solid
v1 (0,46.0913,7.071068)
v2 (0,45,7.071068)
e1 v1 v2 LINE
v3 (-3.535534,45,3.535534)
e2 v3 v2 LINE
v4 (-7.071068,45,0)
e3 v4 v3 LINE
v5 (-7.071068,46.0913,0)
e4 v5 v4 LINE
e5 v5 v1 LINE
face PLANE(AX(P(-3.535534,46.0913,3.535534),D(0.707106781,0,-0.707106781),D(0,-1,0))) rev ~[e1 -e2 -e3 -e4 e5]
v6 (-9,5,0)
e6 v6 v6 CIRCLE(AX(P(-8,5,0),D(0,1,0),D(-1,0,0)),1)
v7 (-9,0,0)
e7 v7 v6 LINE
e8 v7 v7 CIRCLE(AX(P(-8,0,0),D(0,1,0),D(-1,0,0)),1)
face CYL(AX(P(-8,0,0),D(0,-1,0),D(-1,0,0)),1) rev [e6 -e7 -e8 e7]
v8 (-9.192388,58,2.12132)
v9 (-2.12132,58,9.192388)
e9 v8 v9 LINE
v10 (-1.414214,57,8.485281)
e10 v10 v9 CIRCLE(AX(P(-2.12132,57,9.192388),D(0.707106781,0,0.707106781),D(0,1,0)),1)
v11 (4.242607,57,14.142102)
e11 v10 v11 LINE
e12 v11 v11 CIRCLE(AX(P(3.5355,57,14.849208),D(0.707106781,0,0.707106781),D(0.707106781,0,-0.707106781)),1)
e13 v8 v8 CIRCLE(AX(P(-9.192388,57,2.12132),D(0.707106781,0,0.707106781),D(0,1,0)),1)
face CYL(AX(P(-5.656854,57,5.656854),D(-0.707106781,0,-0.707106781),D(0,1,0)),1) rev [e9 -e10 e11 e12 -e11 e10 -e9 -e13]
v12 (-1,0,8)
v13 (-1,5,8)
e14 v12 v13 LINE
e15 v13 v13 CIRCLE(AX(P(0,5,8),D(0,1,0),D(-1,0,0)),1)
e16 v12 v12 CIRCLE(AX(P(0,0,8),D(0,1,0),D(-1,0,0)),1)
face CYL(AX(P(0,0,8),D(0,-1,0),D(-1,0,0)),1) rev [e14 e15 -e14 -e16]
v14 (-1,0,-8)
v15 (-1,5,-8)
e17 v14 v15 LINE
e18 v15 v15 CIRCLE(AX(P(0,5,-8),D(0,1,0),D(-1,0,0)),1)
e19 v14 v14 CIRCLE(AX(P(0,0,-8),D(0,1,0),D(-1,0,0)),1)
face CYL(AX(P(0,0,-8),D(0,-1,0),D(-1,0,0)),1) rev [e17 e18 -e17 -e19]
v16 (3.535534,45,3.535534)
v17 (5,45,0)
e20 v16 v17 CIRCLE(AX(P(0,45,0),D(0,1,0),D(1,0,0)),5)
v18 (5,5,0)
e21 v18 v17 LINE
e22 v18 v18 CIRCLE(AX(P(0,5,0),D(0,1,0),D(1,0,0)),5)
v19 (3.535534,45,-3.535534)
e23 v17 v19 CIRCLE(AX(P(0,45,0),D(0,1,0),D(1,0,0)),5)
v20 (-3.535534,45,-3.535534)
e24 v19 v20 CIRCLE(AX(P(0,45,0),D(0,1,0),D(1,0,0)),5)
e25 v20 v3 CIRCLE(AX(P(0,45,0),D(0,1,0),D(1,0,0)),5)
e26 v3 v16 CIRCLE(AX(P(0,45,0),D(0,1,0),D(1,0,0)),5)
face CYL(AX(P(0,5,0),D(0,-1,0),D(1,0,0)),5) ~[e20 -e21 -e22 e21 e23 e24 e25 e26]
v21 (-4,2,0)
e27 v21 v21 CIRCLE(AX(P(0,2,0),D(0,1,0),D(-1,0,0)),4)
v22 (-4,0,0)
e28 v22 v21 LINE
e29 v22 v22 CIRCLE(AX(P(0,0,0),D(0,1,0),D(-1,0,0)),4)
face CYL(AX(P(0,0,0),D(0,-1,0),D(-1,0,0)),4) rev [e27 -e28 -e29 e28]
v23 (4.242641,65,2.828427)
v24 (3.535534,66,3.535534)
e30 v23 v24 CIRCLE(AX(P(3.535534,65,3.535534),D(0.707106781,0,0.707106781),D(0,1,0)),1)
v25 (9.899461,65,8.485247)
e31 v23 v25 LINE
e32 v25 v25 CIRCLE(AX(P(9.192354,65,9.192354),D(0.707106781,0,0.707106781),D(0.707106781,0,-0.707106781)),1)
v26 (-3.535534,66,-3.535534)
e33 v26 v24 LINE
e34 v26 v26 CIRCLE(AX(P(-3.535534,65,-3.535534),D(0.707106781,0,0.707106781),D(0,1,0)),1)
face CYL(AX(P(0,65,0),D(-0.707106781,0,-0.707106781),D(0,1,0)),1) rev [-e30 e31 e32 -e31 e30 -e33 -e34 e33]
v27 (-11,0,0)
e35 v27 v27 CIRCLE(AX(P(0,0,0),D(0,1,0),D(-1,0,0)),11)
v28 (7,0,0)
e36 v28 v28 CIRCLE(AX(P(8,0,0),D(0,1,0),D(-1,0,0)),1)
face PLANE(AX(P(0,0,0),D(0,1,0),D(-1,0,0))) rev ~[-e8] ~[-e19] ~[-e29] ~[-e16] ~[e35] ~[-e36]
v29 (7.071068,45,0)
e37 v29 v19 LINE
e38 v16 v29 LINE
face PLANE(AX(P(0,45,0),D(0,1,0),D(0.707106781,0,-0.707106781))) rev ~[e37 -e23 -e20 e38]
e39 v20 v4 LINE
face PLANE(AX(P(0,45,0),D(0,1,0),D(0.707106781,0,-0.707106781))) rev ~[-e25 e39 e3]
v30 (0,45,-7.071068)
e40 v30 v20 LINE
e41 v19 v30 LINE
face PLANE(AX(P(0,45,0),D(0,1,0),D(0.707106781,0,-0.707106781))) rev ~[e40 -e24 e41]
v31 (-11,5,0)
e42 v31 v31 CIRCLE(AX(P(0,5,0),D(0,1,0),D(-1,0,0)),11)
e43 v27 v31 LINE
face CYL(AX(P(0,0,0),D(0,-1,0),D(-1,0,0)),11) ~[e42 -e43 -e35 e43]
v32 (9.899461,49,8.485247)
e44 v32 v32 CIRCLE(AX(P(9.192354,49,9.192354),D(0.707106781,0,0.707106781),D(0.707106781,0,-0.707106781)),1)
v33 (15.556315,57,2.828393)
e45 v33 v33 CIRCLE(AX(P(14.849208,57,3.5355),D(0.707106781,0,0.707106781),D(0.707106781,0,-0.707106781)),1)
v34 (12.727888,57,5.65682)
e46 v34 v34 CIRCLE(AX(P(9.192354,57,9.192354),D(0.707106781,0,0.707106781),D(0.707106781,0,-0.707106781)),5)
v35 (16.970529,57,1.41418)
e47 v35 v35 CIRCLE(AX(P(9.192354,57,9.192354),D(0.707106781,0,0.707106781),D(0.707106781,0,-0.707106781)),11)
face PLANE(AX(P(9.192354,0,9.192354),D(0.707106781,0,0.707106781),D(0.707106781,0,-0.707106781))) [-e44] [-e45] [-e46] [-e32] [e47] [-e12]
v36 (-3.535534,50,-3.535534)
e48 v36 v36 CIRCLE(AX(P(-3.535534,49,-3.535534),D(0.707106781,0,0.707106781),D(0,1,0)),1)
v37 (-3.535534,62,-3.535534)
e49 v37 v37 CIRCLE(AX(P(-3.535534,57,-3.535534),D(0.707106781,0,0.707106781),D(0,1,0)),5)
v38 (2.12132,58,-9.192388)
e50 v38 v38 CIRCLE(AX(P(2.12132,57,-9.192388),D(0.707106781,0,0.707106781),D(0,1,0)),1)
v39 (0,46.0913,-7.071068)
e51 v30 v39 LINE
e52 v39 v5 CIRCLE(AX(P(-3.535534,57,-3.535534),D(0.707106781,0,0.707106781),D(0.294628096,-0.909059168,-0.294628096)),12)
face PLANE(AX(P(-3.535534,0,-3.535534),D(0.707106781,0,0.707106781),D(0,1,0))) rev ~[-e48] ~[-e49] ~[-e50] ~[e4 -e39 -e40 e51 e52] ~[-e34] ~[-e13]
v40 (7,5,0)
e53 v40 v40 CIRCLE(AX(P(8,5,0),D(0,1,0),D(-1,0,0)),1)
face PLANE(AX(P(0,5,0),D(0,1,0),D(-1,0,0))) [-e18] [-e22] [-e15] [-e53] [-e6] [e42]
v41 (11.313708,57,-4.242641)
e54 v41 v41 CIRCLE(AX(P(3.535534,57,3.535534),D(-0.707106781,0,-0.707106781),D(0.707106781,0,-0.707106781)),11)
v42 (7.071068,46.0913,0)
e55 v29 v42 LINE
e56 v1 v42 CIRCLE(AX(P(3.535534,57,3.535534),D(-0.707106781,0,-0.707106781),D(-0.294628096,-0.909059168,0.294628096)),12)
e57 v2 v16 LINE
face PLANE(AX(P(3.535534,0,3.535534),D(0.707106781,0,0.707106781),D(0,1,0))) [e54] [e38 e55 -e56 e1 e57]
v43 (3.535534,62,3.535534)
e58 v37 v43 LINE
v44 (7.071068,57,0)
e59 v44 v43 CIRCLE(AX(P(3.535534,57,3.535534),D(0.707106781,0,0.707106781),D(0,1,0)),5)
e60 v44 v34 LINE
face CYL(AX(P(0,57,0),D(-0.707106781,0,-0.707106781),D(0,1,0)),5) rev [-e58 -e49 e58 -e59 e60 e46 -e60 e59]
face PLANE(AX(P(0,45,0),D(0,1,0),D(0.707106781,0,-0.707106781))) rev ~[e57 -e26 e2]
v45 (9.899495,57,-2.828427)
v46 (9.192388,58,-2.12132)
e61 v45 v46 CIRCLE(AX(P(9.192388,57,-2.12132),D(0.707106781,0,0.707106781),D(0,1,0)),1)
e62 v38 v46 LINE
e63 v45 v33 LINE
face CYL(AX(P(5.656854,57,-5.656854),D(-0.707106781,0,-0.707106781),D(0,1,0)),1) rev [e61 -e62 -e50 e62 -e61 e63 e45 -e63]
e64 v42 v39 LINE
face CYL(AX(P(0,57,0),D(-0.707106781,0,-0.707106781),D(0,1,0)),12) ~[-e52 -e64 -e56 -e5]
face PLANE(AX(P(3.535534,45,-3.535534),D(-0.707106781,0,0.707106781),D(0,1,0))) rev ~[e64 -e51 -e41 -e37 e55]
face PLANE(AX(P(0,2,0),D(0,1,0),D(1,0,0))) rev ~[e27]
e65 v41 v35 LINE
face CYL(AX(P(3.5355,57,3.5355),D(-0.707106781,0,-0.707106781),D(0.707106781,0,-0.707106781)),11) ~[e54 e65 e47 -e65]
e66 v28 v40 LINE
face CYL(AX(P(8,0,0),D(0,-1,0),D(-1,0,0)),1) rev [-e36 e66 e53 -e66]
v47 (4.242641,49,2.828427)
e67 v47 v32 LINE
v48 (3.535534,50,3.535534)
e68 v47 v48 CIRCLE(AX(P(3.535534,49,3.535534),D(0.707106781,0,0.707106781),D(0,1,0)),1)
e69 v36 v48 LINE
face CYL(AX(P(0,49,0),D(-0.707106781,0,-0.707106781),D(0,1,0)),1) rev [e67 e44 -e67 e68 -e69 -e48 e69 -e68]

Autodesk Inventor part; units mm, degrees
ref_plane "YZ Plane" through (0, 0, 0) normal (1, 0, 0) x (0, 1, 0)
ref_plane "XZ Plane" through (0, 0, 0) normal (0, 1, 0) x (-1, 0, 0)
sketch "Esquisse1" plane through (0, 0, 0) normal (0, 1, 0) x (-1, 0, 0)
  circle A0 centre (0, 0) radius 11
  line L0 (0, 0) -> (-8, 0) construction
  circle A1 centre (-8, 0) radius 1
  circle A2 centre (0, -8) radius 1
  circle A3 centre (8, 0) radius 1
  circle A4 centre (0, 8) radius 1
  circle A5 centre (0, 0) radius 4
  dimension "d0" = 22
  dimension "d1" = 8
  dimension "d2" = 2
  dimension "d5" = 360
  dimension "d7" = 8
extrude "Extrusion1" add sketch "Esquisse1" along normal blind 5
sketch "Esquisse2" plane through (0, 5, 0) normal (0, 1, 0) x (1, 0, 0)
  circle A0 centre (0, 0) radius 4 projected
extrude "Extrusion2" add sketch "Esquisse2" against normal blind 3
sketch "Esquisse3" plane through (0, 5, 0) normal (0, 1, 0) x (1, 0, 0)
  circle A0 centre (0, 0) radius 11 projected
  circle A1 centre (0, 0) radius 5
  dimension "d12" = 10
extrude "Extrusion3" add sketch "Esquisse3" along normal blind 40 contours A1
ref_plane "Plan de construction1" through (0, 0, 0) normal (0.7071, 0, 0.7071) x (0, 1, 0)
sketch "Esquisse4" plane through (0, 0, 0) normal (0.7071, 0, 0.7071) x (0, 1, 0)
  line L0 (0, 0) -> (5, 0) construction
  line L1 (5, 0) -> (5, -5) construction
  line L2 (5, 0) -> (5, 5)
  line L3 (5, 0) -> (5, -5)
  line L4 (0, 0) -> (45, 0) construction
  line L5 (45, 0) -> (57, 0) construction
  circle A0 centre (57, 0) radius 12
  circle A1 centre (57, 0) radius 8 construction
  line L6 (0, 0) -> (45, 0) construction
  line L7 (45, 0) -> (57, 0) construction
  circle A2 centre (65, 0) radius 1
  circle A3 centre (57, 8) radius 1
  circle A4 centre (49, 0) radius 1
  circle A5 centre (57, -8) radius 1
  circle A6 centre (57, 0) radius 5
  line L8 (46.0913, 5) -> (45, 5)
  line L9 (45, 5) -> (45, 0)
  line L10 (45, -5) -> (46.0913, -5)
  line L11 (45, 0) -> (45, -5)
  dimension "d53" = 16
  dimension "d36" = 45
  dimension "d52" = 12
  dimension "d54" = 2
  dimension "d57" = 360
  dimension "d59" = 10
extrude "Extrusion6" add sketch "Esquisse4" along normal mid plane 10
sketch "Esquisse5" plane through (3.5355, 0, 3.5355) normal (0.7071, 0, 0.7071) x (0.7071, 0, -0.7071)
  circle A0 centre (0, 57) radius 5 projected
  circle A1 centre (8, 57) radius 1 projected
  circle A2 centre (0, 49) radius 1 projected
  circle A3 centre (-8, 57) radius 1 projected
  circle A4 centre (0, 65) radius 1 projected
  arc A5 (5, 46.0913) -> (-5, 46.0913) centre (0, 57) ccw projected
  circle A6 centre (0, 57) radius 5
  circle A7 centre (0, 57) radius 11
  circle A8 centre (0, 65) radius 1
  circle A9 centre (8, 57) radius 1
  circle A10 centre (0, 49) radius 1
  circle A11 centre (-8, 57) radius 1
  point P0 (0, 0)
  dimension "d64" = 22
extrude "Extrusion7" add sketch "Esquisse5" along normal blind 8
properties part number "neck_v2.1"
